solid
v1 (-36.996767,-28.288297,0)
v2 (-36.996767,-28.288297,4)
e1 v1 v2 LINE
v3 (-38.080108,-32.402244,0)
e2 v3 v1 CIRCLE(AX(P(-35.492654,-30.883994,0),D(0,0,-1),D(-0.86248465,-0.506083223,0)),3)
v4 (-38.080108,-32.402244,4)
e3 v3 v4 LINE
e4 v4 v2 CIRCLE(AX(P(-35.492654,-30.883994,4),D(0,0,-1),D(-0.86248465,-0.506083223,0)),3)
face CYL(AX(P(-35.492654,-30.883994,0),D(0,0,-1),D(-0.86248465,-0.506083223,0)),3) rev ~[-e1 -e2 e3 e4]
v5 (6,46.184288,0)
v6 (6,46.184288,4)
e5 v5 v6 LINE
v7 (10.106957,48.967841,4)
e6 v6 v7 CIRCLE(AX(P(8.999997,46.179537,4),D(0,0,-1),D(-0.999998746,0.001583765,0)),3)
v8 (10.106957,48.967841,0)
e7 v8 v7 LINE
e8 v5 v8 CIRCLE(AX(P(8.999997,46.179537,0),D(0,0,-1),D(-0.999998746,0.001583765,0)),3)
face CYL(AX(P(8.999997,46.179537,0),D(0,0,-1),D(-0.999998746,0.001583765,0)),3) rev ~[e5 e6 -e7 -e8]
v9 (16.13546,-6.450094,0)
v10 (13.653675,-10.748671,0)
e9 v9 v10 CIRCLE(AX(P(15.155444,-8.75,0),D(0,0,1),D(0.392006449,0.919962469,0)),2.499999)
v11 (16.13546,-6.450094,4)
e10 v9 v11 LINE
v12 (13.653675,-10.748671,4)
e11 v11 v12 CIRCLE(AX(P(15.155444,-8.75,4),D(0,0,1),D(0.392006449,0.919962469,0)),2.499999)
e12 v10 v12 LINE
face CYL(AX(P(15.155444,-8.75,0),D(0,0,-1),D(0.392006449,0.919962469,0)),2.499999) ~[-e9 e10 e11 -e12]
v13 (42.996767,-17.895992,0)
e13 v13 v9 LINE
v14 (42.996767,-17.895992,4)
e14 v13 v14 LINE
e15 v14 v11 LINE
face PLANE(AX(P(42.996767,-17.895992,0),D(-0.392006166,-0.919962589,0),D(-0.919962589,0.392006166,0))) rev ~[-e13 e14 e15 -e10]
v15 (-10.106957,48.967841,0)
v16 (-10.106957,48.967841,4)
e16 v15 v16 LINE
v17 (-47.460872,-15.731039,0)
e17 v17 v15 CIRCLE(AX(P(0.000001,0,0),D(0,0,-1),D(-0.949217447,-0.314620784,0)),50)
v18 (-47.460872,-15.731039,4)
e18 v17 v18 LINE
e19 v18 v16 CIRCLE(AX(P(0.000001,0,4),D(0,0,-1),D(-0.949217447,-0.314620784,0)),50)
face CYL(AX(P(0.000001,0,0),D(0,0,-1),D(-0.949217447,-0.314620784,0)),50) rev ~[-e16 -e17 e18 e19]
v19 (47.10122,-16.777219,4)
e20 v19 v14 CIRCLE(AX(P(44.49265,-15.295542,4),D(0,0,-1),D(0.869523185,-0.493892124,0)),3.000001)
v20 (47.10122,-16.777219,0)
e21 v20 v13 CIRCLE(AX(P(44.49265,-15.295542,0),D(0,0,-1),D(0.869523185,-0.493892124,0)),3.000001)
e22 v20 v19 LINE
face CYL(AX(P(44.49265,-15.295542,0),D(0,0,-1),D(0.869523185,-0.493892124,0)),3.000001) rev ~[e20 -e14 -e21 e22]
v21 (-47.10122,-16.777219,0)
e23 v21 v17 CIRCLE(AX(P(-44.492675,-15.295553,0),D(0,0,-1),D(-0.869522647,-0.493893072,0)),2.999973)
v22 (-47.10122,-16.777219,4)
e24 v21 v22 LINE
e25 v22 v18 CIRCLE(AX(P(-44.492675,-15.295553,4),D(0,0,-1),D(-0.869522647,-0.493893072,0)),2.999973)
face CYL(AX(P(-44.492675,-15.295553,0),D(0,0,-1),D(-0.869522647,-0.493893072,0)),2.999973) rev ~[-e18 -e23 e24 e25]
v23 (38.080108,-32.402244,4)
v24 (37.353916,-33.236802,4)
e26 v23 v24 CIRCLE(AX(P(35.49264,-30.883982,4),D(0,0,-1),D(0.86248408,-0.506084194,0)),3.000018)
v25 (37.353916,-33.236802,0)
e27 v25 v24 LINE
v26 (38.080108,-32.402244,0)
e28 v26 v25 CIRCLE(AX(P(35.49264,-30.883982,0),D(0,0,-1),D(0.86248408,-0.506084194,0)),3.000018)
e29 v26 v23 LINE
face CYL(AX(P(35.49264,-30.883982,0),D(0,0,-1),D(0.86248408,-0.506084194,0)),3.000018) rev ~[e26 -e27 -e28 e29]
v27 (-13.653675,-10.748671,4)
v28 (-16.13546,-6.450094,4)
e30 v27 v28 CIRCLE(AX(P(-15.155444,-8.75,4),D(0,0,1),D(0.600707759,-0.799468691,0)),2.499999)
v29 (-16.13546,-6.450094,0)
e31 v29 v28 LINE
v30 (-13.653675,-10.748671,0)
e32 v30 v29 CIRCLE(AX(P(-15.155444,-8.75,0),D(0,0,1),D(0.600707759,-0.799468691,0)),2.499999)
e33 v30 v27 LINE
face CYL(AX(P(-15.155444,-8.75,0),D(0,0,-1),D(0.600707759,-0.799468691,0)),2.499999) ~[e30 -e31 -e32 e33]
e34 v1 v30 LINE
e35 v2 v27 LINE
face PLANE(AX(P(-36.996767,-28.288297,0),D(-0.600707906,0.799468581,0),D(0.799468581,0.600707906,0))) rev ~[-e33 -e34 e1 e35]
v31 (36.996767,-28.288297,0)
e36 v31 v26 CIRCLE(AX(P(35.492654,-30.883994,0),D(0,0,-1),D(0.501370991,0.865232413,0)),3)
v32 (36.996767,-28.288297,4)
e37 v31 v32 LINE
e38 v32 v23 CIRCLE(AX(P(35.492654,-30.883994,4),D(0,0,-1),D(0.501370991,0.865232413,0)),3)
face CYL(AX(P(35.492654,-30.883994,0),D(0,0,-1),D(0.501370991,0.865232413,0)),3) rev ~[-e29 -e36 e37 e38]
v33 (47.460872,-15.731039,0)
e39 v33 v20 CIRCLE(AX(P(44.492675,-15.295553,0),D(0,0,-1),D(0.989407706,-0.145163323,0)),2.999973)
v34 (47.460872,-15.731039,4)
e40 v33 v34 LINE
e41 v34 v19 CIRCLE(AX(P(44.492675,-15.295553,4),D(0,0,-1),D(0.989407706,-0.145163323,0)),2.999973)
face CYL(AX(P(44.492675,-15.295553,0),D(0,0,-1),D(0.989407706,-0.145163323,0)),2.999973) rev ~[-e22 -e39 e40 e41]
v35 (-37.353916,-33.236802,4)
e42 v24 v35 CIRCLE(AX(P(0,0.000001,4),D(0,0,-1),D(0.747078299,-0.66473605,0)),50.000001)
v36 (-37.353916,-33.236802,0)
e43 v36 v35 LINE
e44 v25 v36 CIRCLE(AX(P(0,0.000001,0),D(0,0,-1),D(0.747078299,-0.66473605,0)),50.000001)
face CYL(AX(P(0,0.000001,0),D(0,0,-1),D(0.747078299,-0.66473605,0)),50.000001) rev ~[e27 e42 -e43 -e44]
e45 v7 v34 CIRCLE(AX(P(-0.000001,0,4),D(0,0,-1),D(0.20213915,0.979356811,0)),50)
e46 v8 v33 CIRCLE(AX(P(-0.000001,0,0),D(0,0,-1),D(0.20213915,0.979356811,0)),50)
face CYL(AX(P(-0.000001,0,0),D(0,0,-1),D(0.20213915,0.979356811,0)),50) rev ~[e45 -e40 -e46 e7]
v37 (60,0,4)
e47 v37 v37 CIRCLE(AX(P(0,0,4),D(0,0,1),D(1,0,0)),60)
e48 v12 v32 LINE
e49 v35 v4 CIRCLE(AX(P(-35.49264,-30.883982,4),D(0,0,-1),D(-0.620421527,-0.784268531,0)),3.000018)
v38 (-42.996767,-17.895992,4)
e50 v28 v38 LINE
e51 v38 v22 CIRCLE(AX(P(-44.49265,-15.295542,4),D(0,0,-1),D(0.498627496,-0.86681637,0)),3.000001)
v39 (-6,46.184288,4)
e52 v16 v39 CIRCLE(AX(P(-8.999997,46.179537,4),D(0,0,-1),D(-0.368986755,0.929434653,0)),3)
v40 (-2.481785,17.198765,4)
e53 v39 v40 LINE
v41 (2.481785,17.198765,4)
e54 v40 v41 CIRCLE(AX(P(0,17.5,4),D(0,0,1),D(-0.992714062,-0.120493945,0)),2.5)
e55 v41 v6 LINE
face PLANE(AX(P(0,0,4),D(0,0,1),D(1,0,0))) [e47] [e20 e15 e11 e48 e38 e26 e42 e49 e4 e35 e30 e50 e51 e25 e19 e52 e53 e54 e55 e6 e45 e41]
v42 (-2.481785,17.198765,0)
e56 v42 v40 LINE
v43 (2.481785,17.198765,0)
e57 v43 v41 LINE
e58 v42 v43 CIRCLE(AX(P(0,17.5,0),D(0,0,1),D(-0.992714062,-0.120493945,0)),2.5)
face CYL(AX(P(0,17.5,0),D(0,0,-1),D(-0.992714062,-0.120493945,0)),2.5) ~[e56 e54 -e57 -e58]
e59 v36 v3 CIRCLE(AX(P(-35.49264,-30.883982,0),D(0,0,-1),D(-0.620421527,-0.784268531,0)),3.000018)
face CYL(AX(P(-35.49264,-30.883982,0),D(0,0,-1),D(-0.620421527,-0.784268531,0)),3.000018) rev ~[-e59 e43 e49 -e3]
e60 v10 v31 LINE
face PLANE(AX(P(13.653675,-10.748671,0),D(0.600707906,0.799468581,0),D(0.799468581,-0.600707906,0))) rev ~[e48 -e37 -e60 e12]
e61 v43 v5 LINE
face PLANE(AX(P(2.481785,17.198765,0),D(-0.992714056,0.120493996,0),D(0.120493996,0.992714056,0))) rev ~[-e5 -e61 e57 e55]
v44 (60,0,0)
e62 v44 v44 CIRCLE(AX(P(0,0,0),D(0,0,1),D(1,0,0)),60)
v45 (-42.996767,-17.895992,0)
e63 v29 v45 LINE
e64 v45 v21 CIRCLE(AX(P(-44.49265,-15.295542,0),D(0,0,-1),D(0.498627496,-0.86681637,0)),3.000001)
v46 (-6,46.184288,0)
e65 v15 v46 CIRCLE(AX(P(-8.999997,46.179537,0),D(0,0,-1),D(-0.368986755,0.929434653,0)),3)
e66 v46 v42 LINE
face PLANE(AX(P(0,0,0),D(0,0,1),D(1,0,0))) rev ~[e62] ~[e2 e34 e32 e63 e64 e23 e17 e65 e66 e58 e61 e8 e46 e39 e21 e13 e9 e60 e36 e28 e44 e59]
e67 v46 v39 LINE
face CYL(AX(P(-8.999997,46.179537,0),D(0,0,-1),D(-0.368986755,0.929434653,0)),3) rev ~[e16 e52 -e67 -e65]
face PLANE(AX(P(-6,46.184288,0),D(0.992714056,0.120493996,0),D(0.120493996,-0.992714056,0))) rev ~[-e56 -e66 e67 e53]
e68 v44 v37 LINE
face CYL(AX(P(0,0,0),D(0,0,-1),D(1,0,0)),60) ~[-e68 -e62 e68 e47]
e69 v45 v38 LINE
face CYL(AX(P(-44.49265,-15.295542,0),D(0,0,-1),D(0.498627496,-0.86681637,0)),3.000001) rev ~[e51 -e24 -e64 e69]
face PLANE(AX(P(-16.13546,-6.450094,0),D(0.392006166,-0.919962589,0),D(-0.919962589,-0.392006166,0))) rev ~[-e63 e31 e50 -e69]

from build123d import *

# Parameters (mm, degrees)
F0_R     = 60
F1_DEPTH = 4


with BuildPart() as f1:
    # F0 (on Top) → F1 (new body)
    with BuildSketch(Plane.XY):
        Circle(F0_R)
        with BuildLine():
            ThreePointArc((6, 46.184288), (7.316863, 48.662894), (10.106957, 48.967841))
            ThreePointArc((10.106957, 48.967841), (43.30127, 25), (47.460872, -15.731039))
            ThreePointArc((47.460872, -15.731039), (47.329687, -16.27085), (47.10122, -16.777219))
            ThreePointArc((47.10122, -16.777219), (45.281593, -18.189946), (42.996767, -17.895992))
            Line((42.996767, -17.895992), (16.13546, -6.450094))
            ThreePointArc((16.13546, -6.450094), (12.990381, -7.5), (13.653675, -10.748671))
            Line((13.653675, -10.748671), (36.996767, -28.288297))
            ThreePointArc((36.996767, -28.288297), (38.393752, -30.120037), (38.080108, -32.402244))
            ThreePointArc((38.080108, -32.402244), (37.755813, -32.853286), (37.353916, -33.236802))
            ThreePointArc((37.353916, -33.236802), (0, -50), (-37.353916, -33.236802))
            ThreePointArc((-37.353916, -33.236802), (-37.755813, -32.853286), (-38.080108, -32.402244))
            ThreePointArc((-38.080108, -32.402244), (-38.393752, -30.120037), (-36.996767, -28.288297))
            Line((-36.996767, -28.288297), (-13.653675, -10.748671))
            ThreePointArc((-13.653675, -10.748671), (-12.990381, -7.5), (-16.13546, -6.450094))
            Line((-16.13546, -6.450094), (-42.996767, -17.895992))
            ThreePointArc((-42.996767, -17.895992), (-45.281593, -18.189946), (-47.10122, -16.777219))
            ThreePointArc((-47.10122, -16.777219), (-47.329687, -16.27085), (-47.460872, -15.731039))
            ThreePointArc((-47.460872, -15.731039), (-43.30127, 25), (-10.106957, 48.967841))
            ThreePointArc((-10.106957, 48.967841), (-7.316863, 48.662894), (-6, 46.184288))
            Line((-6, 46.184288), (-2.481785, 17.198765))
            ThreePointArc((-2.481785, 17.198765), (0, 15), (2.481785, 17.198765))
            Line((2.481785, 17.198765), (6, 46.184288))
        make_face(mode=Mode.SUBTRACT)
    extrude(amount=F1_DEPTH)


solid = f1.part
